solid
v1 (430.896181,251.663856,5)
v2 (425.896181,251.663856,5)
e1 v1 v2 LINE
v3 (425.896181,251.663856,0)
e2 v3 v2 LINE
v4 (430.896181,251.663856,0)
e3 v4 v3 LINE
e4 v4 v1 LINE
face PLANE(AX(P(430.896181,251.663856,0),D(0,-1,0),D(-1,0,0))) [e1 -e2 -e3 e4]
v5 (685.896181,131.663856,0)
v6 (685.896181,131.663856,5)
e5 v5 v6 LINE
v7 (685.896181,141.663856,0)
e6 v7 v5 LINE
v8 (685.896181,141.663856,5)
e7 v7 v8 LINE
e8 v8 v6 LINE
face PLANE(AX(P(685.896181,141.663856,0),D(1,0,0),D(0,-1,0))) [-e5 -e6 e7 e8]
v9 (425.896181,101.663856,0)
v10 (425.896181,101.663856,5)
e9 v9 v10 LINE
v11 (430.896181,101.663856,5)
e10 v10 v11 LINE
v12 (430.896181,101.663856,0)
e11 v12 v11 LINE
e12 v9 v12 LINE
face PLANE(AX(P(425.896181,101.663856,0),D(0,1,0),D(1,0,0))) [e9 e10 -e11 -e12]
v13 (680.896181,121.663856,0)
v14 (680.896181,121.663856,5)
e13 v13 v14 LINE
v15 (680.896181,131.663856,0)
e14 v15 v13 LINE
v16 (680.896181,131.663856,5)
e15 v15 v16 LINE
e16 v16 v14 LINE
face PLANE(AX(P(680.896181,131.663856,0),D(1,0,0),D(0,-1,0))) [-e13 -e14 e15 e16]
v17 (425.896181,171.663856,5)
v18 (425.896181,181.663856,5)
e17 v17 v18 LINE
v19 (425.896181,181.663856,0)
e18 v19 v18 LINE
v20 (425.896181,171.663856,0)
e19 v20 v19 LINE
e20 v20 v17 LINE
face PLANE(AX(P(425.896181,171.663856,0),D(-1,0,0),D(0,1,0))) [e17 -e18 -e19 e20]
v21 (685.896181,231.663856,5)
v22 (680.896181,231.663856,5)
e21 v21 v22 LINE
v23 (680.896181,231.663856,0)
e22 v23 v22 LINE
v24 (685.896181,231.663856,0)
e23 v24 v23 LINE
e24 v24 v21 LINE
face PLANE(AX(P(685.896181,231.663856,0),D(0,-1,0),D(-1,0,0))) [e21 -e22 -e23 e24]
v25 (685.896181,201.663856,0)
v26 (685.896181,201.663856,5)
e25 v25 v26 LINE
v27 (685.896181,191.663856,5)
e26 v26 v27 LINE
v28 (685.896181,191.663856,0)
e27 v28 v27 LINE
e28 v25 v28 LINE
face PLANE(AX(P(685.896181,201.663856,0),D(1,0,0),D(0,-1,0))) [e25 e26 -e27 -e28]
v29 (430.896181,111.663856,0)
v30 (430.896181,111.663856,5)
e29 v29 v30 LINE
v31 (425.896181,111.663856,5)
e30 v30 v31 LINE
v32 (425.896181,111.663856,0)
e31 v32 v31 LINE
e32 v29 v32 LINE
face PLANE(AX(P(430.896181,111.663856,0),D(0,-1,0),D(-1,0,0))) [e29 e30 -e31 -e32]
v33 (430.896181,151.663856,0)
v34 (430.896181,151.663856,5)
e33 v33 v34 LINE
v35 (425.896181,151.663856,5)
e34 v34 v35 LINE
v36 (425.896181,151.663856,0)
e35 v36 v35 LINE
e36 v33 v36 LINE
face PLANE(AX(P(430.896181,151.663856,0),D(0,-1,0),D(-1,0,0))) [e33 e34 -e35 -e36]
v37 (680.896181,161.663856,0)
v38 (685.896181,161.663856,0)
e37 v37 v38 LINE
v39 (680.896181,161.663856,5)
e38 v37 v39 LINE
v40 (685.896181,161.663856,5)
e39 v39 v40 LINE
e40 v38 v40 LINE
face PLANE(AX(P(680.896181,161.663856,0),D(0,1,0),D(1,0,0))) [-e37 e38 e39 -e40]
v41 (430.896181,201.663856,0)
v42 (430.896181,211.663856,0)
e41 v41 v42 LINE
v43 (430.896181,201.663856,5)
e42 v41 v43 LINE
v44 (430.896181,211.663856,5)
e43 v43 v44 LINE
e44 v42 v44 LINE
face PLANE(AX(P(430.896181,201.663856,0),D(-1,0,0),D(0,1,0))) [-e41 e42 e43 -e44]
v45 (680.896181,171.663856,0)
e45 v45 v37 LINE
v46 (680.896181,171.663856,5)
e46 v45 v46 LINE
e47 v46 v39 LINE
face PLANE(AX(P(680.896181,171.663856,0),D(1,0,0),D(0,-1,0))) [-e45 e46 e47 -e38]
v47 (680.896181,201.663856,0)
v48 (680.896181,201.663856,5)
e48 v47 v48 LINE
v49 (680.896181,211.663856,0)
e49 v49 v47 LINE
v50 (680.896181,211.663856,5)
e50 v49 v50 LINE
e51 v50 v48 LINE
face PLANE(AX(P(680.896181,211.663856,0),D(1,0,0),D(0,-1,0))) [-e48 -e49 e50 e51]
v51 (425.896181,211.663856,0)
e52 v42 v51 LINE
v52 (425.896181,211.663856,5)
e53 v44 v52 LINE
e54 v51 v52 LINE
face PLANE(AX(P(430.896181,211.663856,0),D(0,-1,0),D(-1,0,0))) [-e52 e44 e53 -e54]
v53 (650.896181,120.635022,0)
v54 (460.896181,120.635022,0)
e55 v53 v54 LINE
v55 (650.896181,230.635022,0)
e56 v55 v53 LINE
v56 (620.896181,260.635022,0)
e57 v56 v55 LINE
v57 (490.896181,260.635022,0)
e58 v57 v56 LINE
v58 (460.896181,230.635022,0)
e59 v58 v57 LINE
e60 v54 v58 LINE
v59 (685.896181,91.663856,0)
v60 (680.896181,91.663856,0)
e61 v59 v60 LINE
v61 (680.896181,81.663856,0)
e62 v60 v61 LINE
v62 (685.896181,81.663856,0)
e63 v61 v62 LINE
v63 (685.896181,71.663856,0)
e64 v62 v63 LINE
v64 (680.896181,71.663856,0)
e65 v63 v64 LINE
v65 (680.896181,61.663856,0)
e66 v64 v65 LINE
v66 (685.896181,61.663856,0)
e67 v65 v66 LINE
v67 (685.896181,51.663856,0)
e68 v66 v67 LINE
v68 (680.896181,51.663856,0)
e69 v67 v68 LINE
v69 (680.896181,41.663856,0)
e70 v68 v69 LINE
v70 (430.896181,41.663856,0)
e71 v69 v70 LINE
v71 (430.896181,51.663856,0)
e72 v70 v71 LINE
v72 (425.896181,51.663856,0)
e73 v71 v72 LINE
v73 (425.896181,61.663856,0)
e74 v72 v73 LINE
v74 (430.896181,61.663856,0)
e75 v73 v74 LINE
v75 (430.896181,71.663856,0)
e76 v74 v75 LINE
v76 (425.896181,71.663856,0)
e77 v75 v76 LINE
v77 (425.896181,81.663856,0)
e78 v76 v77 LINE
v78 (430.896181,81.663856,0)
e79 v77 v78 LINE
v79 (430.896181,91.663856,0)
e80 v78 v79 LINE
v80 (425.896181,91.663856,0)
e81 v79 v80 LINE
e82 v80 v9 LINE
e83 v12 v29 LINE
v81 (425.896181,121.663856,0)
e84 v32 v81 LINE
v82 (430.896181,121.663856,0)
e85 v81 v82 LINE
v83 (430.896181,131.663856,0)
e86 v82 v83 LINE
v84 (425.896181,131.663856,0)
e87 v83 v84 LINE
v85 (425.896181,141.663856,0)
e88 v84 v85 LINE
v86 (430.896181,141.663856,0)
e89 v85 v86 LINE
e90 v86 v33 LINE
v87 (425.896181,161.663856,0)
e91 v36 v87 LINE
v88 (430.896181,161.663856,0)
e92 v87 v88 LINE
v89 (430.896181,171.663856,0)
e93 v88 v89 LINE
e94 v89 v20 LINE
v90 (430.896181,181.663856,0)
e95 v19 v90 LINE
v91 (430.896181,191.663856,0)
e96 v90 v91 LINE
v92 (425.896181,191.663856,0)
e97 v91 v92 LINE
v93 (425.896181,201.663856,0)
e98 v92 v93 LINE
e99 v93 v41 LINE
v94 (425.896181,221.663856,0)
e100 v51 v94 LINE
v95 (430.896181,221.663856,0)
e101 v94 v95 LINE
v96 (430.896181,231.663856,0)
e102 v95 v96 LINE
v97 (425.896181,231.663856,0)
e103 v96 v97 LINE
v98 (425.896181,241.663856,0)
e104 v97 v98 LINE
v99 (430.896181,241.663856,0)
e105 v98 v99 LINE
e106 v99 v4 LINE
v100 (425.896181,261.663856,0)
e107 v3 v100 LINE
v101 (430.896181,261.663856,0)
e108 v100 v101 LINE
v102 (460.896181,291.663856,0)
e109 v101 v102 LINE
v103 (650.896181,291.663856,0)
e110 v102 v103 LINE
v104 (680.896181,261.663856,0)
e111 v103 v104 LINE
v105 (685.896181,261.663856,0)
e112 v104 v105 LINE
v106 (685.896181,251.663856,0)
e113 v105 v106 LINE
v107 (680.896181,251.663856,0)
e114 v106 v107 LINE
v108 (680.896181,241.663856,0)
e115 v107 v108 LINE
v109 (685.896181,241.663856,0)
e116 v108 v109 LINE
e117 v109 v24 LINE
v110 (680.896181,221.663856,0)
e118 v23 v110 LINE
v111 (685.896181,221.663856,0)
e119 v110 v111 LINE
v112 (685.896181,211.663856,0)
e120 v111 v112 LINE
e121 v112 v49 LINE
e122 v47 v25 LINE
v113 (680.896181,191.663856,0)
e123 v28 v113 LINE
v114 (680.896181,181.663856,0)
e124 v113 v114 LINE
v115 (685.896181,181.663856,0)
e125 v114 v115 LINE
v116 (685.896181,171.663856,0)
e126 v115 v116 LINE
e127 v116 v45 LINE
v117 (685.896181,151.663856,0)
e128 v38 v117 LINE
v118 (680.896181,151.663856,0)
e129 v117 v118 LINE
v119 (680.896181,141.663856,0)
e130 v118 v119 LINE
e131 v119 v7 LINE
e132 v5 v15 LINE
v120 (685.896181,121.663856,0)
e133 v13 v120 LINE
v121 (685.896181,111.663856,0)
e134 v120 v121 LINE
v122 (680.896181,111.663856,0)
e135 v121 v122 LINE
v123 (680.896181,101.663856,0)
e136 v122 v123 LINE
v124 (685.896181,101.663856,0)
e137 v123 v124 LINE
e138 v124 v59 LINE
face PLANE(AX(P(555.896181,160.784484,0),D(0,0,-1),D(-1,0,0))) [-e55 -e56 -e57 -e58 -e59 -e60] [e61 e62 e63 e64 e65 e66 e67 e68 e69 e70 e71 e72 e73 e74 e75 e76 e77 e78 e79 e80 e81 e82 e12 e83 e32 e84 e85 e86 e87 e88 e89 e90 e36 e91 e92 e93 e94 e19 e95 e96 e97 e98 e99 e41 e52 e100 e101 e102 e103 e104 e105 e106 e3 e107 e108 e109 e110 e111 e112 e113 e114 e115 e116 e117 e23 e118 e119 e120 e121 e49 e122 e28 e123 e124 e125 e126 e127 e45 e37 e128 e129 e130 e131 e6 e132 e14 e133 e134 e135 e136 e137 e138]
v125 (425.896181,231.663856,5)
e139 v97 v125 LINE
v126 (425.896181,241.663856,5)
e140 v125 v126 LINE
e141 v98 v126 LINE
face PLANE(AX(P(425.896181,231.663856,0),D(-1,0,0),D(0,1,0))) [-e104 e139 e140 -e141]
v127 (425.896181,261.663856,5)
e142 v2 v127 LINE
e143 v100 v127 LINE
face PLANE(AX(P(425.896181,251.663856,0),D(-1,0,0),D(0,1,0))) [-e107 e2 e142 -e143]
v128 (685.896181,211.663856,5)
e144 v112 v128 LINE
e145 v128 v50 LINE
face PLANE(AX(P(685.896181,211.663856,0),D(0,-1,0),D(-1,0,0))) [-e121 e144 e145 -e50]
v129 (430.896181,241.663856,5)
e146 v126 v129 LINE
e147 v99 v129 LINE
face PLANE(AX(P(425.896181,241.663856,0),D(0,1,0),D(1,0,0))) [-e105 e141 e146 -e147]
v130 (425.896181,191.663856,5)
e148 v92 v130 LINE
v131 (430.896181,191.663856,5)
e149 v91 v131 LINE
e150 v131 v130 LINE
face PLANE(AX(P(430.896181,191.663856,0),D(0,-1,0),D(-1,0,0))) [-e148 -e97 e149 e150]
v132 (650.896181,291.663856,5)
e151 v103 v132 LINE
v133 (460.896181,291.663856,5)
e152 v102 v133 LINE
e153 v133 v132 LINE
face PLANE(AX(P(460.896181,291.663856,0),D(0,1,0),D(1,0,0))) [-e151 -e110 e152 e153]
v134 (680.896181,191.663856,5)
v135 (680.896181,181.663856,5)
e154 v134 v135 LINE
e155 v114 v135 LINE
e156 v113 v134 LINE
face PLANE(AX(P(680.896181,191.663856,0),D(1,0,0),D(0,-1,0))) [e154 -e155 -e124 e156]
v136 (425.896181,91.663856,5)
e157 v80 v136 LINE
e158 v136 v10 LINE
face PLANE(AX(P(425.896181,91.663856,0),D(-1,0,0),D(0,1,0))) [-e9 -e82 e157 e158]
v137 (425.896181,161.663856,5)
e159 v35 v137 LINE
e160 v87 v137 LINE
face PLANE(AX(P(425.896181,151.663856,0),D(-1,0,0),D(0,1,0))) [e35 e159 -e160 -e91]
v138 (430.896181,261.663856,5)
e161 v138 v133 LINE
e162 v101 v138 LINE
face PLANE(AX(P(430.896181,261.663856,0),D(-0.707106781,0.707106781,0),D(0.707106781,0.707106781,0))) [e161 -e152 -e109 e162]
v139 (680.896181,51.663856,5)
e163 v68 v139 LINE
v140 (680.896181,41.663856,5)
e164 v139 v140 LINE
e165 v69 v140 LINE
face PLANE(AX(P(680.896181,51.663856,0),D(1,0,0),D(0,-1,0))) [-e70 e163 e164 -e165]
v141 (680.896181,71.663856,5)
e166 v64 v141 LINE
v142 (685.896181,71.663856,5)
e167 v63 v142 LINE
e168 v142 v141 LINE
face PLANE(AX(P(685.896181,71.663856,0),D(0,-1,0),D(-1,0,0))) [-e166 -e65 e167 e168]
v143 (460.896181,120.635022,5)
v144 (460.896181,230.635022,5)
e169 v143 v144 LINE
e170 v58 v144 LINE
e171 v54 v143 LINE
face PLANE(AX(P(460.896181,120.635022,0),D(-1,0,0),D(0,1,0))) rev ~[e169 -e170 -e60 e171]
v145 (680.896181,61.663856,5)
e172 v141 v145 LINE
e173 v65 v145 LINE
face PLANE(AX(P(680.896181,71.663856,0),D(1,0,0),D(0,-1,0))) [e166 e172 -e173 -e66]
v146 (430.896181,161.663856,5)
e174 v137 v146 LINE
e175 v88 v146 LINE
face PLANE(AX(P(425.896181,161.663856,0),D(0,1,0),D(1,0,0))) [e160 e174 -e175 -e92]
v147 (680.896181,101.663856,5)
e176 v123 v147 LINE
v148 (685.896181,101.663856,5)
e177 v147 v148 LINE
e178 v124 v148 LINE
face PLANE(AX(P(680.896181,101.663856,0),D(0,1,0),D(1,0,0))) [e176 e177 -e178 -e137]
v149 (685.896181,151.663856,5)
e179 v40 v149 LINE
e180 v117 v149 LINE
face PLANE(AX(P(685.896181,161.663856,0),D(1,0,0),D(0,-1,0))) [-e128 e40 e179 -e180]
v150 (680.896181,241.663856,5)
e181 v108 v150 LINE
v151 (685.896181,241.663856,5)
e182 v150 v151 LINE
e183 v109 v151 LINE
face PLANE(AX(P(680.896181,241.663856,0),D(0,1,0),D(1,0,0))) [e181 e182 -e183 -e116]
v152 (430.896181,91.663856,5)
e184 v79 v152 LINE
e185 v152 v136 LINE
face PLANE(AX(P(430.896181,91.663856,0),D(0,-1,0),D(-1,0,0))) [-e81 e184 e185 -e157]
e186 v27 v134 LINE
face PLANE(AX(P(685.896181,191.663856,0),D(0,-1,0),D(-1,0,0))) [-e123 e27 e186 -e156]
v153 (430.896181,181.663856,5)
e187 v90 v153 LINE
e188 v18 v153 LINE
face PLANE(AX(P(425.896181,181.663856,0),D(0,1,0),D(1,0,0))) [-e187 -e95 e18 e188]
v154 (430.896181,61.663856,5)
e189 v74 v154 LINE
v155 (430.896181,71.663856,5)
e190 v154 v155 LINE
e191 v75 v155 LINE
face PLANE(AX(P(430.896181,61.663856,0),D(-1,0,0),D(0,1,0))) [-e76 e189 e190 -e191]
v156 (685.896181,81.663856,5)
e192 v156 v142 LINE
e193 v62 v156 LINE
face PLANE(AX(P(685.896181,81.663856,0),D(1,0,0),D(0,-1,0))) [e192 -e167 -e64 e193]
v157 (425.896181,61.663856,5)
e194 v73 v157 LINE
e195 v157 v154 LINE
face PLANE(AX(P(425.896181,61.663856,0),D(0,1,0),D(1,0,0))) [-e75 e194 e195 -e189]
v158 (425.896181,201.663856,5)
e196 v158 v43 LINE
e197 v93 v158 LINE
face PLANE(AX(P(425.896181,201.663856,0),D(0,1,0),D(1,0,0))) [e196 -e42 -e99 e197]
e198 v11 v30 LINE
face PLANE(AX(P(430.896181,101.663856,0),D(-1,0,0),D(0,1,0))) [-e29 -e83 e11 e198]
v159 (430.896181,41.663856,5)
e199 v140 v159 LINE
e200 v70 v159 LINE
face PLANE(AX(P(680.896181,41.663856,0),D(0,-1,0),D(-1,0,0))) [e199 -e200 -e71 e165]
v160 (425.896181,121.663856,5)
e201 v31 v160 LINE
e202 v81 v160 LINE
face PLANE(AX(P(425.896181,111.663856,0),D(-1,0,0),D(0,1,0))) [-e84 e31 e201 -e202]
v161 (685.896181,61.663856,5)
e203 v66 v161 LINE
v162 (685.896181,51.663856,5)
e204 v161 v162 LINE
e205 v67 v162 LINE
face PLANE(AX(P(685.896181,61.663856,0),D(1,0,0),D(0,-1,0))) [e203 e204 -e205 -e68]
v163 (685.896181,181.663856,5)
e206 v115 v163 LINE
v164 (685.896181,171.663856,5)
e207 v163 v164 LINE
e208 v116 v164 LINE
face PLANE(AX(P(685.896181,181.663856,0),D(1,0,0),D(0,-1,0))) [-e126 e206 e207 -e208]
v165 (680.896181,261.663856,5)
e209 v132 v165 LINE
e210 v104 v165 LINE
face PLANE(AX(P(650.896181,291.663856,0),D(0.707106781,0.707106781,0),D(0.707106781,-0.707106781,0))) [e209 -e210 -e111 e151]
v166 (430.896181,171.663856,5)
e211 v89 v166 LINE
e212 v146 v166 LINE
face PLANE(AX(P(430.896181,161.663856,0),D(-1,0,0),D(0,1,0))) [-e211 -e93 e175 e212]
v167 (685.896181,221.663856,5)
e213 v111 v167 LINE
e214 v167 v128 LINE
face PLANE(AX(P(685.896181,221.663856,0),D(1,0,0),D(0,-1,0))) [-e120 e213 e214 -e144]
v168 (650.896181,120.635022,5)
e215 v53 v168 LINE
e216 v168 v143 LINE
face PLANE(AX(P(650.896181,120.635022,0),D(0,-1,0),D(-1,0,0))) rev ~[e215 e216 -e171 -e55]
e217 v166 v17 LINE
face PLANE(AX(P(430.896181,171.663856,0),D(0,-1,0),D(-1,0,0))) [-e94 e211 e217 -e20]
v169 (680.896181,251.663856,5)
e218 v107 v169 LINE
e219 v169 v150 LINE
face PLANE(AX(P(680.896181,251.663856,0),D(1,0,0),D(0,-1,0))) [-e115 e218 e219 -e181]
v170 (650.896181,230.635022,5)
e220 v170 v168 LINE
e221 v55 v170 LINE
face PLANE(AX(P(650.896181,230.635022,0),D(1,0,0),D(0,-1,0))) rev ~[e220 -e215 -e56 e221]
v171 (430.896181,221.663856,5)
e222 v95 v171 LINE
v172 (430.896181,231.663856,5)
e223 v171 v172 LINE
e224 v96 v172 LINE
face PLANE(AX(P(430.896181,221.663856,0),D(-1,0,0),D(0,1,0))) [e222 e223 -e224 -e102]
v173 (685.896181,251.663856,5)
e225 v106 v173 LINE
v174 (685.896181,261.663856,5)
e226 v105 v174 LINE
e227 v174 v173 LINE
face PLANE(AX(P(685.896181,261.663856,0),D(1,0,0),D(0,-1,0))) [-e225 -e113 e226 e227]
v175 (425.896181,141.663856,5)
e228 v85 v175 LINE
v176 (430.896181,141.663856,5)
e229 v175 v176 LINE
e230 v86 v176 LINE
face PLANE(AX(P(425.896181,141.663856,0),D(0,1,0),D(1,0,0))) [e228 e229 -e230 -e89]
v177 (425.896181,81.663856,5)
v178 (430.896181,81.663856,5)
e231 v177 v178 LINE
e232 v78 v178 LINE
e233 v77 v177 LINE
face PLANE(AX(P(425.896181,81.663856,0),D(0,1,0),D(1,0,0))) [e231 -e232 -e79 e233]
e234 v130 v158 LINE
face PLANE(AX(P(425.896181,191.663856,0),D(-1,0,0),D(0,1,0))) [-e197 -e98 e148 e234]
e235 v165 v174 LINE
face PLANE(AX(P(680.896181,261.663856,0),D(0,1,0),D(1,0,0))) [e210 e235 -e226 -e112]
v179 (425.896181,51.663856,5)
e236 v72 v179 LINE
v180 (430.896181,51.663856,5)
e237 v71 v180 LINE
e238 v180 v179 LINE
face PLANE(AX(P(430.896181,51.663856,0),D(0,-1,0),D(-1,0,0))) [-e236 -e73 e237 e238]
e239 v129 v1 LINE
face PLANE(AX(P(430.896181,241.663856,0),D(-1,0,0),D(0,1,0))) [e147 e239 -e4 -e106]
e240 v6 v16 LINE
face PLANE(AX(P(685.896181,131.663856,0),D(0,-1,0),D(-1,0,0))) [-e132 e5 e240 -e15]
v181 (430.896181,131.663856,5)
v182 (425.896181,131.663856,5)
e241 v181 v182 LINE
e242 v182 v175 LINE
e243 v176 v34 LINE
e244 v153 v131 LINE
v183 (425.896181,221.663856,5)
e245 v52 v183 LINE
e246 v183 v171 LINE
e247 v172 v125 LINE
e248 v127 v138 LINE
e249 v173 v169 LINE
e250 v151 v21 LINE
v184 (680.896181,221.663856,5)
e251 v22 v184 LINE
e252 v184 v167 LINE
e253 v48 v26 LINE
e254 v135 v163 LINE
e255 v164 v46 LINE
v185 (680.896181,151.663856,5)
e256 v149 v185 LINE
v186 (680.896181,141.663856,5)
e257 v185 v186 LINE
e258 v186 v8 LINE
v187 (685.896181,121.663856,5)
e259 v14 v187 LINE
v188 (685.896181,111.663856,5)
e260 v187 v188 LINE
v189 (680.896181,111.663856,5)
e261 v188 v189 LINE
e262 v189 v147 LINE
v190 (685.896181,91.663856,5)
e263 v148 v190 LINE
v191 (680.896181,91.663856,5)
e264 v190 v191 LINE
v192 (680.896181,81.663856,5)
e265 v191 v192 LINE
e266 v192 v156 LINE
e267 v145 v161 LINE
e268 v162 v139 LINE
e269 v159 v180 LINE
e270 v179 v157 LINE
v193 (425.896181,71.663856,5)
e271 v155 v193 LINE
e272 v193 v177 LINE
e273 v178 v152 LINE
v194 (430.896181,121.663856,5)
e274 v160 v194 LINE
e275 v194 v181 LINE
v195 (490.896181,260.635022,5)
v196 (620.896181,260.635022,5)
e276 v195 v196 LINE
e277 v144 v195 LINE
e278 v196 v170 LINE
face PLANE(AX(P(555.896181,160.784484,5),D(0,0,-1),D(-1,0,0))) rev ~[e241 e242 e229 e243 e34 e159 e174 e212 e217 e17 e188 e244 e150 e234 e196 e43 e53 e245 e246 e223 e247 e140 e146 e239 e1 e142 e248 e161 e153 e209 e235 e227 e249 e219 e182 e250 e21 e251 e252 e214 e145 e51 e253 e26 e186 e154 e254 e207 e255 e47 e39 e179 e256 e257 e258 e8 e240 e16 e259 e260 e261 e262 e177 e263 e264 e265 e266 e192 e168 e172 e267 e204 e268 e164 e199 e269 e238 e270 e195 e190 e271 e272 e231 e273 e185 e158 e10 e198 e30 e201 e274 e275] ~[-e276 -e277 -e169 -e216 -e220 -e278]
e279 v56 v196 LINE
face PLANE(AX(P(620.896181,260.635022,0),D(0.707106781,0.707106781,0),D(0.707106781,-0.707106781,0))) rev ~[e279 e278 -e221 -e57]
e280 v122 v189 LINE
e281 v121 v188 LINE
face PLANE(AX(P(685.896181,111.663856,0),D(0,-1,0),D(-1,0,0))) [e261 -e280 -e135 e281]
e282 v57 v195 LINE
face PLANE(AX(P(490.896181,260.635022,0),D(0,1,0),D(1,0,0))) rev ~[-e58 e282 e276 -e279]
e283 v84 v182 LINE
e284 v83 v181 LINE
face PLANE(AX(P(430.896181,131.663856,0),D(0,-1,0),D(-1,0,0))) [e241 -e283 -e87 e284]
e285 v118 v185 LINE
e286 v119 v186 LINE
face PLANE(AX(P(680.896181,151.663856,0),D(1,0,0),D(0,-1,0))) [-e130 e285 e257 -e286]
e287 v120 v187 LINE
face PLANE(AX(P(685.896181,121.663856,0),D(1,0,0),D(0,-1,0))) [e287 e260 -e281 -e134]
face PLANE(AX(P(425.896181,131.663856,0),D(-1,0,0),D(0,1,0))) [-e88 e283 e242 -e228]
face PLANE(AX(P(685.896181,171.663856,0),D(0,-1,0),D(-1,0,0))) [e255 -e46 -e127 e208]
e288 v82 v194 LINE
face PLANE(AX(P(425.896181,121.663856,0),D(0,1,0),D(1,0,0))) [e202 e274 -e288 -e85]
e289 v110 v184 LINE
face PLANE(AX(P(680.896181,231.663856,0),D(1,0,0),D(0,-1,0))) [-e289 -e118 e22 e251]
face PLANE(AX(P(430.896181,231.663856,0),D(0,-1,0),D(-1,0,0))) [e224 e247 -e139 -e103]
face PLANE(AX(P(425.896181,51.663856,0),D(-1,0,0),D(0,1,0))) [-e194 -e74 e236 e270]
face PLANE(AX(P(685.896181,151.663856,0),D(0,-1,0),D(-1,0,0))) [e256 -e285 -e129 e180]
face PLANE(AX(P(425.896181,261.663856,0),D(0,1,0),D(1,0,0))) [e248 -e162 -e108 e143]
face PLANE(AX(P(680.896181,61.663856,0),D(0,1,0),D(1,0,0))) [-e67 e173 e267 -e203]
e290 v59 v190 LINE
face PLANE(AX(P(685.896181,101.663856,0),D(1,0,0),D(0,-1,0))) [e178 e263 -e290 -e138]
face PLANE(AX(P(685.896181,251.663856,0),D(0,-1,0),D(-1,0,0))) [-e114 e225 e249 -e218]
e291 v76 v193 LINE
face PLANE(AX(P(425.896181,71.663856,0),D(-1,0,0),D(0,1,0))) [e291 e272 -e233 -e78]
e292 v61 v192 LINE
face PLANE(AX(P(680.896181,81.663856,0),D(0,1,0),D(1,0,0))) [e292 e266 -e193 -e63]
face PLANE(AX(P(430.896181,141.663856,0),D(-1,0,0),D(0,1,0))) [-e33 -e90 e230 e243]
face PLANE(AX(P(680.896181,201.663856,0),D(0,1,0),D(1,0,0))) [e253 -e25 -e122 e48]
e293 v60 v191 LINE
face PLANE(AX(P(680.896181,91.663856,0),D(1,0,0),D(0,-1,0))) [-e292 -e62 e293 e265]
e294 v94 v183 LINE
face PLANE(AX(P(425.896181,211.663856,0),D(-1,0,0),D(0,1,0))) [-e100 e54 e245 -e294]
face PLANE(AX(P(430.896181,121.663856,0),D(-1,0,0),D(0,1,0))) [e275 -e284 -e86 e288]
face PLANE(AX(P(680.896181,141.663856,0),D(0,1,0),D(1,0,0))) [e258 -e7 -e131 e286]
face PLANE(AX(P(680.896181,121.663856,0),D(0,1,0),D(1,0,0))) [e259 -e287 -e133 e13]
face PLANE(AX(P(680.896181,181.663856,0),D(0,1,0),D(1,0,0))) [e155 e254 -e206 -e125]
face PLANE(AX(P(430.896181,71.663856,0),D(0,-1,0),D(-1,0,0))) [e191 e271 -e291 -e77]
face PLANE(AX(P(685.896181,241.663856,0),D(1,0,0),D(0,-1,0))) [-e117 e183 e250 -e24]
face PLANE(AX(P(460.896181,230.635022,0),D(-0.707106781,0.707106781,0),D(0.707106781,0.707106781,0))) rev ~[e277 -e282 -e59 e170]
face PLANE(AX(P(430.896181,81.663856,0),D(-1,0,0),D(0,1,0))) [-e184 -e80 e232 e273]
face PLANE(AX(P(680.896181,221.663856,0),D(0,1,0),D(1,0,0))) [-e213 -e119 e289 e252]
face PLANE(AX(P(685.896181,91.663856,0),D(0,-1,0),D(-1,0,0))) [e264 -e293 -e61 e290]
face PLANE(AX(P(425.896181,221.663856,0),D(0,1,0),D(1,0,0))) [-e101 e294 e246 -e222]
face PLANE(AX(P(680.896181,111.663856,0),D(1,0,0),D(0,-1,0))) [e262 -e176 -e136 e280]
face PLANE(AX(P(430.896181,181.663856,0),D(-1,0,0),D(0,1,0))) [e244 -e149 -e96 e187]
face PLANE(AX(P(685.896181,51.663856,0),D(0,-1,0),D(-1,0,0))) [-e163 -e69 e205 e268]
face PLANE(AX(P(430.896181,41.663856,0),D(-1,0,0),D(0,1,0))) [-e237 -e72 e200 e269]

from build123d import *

# Parameters (mm, degrees)
AUFSATZ_LINEAR_AUSTRAGEN2_DEPTH = 5


with BuildPart() as part:
    # Skizze1 → Aufsatz-Linear austragen2 (new body)
    with BuildSketch(Plane.XY):
        Polygon((460.89618142, 291.663856447), (650.89618142, 291.663856447), (680.89618142, 261.663856447), (685.89618142, 261.663856447), (685.89618142, 251.663856447), (680.89618142, 251.663856447), (680.89618142, 241.663856447), (685.89618142, 241.663856447), (685.89618142, 231.663856447), (680.89618142, 231.663856447), (680.89618142, 221.663856447), (685.89618142, 221.663856447), (685.89618142, 211.663856447), (680.89618142, 211.663856447), (680.89618142, 201.663856447), (685.89618142, 201.663856447), (685.89618142, 191.663856447), (680.89618142, 191.663856447), (680.89618142, 181.663856447), (685.89618142, 181.663856447), (685.89618142, 171.663856447), (680.89618142, 171.663856447), (680.89618142, 161.663856447), (685.89618142, 161.663856447), (685.89618142, 151.663856447), (680.89618142, 151.663856447), (680.89618142, 141.663856447), (685.89618142, 141.663856447), (685.89618142, 131.663856447), (680.89618142, 131.663856447), (680.89618142, 121.663856447), (685.89618142, 121.663856447), (685.89618142, 111.663856447), (680.89618142, 111.663856447), (680.89618142, 101.663856447), (685.89618142, 101.663856447), (685.89618142, 91.663856447), (680.89618142, 91.663856447), (680.89618142, 81.663856447), (685.89618142, 81.663856447), (685.89618142, 71.663856447), (680.89618142, 71.663856447), (680.89618142, 61.663856447), (685.89618142, 61.663856447), (685.89618142, 51.663856447), (680.89618142, 51.663856447), (680.89618142, 41.663856447), (430.89618142, 41.663856447), (430.89618142, 51.663856447), (425.89618142, 51.663856447), (425.89618142, 61.663856447), (430.89618142, 61.663856447), (430.89618142, 71.663856447), (425.89618142, 71.663856447), (425.89618142, 81.663856447), (430.89618142, 81.663856447), (430.89618142, 91.663856447), (425.89618142, 91.663856447), (425.89618142, 101.663856447), (430.89618142, 101.663856447), (430.89618142, 111.663856447), (425.89618142, 111.663856447), (425.89618142, 121.663856447), (430.89618142, 121.663856447), (430.89618142, 131.663856447), (425.89618142, 131.663856447), (425.89618142, 141.663856447), (430.89618142, 141.663856447), (430.89618142, 151.663856447), (425.89618142, 151.663856447), (425.89618142, 161.663856447), (430.89618142, 161.663856447), (430.89618142, 171.663856447), (425.89618142, 171.663856447), (425.89618142, 181.663856447), (430.89618142, 181.663856447), (430.89618142, 191.663856447), (425.89618142, 191.663856447), (425.89618142, 201.663856447), (430.89618142, 201.663856447), (430.89618142, 211.663856447), (425.89618142, 211.663856447), (425.89618142, 221.663856447), (430.89618142, 221.663856447), (430.89618142, 231.663856447), (425.89618142, 231.663856447), (425.89618142, 241.663856447), (430.89618142, 241.663856447), (430.89618142, 251.663856447), (425.89618142, 251.663856447), (425.89618142, 261.663856447), (430.89618142, 261.663856447), align=None)
        Polygon((490.89618142, 260.635021844), (620.89618142, 260.635021844), (650.89618142, 230.635021844), (650.89618142, 120.635021844), (460.89618142, 120.635021844), (460.89618142, 230.635021844), align=None, mode=Mode.SUBTRACT)
    extrude(amount=AUFSATZ_LINEAR_AUSTRAGEN2_DEPTH)


solid = part.part
